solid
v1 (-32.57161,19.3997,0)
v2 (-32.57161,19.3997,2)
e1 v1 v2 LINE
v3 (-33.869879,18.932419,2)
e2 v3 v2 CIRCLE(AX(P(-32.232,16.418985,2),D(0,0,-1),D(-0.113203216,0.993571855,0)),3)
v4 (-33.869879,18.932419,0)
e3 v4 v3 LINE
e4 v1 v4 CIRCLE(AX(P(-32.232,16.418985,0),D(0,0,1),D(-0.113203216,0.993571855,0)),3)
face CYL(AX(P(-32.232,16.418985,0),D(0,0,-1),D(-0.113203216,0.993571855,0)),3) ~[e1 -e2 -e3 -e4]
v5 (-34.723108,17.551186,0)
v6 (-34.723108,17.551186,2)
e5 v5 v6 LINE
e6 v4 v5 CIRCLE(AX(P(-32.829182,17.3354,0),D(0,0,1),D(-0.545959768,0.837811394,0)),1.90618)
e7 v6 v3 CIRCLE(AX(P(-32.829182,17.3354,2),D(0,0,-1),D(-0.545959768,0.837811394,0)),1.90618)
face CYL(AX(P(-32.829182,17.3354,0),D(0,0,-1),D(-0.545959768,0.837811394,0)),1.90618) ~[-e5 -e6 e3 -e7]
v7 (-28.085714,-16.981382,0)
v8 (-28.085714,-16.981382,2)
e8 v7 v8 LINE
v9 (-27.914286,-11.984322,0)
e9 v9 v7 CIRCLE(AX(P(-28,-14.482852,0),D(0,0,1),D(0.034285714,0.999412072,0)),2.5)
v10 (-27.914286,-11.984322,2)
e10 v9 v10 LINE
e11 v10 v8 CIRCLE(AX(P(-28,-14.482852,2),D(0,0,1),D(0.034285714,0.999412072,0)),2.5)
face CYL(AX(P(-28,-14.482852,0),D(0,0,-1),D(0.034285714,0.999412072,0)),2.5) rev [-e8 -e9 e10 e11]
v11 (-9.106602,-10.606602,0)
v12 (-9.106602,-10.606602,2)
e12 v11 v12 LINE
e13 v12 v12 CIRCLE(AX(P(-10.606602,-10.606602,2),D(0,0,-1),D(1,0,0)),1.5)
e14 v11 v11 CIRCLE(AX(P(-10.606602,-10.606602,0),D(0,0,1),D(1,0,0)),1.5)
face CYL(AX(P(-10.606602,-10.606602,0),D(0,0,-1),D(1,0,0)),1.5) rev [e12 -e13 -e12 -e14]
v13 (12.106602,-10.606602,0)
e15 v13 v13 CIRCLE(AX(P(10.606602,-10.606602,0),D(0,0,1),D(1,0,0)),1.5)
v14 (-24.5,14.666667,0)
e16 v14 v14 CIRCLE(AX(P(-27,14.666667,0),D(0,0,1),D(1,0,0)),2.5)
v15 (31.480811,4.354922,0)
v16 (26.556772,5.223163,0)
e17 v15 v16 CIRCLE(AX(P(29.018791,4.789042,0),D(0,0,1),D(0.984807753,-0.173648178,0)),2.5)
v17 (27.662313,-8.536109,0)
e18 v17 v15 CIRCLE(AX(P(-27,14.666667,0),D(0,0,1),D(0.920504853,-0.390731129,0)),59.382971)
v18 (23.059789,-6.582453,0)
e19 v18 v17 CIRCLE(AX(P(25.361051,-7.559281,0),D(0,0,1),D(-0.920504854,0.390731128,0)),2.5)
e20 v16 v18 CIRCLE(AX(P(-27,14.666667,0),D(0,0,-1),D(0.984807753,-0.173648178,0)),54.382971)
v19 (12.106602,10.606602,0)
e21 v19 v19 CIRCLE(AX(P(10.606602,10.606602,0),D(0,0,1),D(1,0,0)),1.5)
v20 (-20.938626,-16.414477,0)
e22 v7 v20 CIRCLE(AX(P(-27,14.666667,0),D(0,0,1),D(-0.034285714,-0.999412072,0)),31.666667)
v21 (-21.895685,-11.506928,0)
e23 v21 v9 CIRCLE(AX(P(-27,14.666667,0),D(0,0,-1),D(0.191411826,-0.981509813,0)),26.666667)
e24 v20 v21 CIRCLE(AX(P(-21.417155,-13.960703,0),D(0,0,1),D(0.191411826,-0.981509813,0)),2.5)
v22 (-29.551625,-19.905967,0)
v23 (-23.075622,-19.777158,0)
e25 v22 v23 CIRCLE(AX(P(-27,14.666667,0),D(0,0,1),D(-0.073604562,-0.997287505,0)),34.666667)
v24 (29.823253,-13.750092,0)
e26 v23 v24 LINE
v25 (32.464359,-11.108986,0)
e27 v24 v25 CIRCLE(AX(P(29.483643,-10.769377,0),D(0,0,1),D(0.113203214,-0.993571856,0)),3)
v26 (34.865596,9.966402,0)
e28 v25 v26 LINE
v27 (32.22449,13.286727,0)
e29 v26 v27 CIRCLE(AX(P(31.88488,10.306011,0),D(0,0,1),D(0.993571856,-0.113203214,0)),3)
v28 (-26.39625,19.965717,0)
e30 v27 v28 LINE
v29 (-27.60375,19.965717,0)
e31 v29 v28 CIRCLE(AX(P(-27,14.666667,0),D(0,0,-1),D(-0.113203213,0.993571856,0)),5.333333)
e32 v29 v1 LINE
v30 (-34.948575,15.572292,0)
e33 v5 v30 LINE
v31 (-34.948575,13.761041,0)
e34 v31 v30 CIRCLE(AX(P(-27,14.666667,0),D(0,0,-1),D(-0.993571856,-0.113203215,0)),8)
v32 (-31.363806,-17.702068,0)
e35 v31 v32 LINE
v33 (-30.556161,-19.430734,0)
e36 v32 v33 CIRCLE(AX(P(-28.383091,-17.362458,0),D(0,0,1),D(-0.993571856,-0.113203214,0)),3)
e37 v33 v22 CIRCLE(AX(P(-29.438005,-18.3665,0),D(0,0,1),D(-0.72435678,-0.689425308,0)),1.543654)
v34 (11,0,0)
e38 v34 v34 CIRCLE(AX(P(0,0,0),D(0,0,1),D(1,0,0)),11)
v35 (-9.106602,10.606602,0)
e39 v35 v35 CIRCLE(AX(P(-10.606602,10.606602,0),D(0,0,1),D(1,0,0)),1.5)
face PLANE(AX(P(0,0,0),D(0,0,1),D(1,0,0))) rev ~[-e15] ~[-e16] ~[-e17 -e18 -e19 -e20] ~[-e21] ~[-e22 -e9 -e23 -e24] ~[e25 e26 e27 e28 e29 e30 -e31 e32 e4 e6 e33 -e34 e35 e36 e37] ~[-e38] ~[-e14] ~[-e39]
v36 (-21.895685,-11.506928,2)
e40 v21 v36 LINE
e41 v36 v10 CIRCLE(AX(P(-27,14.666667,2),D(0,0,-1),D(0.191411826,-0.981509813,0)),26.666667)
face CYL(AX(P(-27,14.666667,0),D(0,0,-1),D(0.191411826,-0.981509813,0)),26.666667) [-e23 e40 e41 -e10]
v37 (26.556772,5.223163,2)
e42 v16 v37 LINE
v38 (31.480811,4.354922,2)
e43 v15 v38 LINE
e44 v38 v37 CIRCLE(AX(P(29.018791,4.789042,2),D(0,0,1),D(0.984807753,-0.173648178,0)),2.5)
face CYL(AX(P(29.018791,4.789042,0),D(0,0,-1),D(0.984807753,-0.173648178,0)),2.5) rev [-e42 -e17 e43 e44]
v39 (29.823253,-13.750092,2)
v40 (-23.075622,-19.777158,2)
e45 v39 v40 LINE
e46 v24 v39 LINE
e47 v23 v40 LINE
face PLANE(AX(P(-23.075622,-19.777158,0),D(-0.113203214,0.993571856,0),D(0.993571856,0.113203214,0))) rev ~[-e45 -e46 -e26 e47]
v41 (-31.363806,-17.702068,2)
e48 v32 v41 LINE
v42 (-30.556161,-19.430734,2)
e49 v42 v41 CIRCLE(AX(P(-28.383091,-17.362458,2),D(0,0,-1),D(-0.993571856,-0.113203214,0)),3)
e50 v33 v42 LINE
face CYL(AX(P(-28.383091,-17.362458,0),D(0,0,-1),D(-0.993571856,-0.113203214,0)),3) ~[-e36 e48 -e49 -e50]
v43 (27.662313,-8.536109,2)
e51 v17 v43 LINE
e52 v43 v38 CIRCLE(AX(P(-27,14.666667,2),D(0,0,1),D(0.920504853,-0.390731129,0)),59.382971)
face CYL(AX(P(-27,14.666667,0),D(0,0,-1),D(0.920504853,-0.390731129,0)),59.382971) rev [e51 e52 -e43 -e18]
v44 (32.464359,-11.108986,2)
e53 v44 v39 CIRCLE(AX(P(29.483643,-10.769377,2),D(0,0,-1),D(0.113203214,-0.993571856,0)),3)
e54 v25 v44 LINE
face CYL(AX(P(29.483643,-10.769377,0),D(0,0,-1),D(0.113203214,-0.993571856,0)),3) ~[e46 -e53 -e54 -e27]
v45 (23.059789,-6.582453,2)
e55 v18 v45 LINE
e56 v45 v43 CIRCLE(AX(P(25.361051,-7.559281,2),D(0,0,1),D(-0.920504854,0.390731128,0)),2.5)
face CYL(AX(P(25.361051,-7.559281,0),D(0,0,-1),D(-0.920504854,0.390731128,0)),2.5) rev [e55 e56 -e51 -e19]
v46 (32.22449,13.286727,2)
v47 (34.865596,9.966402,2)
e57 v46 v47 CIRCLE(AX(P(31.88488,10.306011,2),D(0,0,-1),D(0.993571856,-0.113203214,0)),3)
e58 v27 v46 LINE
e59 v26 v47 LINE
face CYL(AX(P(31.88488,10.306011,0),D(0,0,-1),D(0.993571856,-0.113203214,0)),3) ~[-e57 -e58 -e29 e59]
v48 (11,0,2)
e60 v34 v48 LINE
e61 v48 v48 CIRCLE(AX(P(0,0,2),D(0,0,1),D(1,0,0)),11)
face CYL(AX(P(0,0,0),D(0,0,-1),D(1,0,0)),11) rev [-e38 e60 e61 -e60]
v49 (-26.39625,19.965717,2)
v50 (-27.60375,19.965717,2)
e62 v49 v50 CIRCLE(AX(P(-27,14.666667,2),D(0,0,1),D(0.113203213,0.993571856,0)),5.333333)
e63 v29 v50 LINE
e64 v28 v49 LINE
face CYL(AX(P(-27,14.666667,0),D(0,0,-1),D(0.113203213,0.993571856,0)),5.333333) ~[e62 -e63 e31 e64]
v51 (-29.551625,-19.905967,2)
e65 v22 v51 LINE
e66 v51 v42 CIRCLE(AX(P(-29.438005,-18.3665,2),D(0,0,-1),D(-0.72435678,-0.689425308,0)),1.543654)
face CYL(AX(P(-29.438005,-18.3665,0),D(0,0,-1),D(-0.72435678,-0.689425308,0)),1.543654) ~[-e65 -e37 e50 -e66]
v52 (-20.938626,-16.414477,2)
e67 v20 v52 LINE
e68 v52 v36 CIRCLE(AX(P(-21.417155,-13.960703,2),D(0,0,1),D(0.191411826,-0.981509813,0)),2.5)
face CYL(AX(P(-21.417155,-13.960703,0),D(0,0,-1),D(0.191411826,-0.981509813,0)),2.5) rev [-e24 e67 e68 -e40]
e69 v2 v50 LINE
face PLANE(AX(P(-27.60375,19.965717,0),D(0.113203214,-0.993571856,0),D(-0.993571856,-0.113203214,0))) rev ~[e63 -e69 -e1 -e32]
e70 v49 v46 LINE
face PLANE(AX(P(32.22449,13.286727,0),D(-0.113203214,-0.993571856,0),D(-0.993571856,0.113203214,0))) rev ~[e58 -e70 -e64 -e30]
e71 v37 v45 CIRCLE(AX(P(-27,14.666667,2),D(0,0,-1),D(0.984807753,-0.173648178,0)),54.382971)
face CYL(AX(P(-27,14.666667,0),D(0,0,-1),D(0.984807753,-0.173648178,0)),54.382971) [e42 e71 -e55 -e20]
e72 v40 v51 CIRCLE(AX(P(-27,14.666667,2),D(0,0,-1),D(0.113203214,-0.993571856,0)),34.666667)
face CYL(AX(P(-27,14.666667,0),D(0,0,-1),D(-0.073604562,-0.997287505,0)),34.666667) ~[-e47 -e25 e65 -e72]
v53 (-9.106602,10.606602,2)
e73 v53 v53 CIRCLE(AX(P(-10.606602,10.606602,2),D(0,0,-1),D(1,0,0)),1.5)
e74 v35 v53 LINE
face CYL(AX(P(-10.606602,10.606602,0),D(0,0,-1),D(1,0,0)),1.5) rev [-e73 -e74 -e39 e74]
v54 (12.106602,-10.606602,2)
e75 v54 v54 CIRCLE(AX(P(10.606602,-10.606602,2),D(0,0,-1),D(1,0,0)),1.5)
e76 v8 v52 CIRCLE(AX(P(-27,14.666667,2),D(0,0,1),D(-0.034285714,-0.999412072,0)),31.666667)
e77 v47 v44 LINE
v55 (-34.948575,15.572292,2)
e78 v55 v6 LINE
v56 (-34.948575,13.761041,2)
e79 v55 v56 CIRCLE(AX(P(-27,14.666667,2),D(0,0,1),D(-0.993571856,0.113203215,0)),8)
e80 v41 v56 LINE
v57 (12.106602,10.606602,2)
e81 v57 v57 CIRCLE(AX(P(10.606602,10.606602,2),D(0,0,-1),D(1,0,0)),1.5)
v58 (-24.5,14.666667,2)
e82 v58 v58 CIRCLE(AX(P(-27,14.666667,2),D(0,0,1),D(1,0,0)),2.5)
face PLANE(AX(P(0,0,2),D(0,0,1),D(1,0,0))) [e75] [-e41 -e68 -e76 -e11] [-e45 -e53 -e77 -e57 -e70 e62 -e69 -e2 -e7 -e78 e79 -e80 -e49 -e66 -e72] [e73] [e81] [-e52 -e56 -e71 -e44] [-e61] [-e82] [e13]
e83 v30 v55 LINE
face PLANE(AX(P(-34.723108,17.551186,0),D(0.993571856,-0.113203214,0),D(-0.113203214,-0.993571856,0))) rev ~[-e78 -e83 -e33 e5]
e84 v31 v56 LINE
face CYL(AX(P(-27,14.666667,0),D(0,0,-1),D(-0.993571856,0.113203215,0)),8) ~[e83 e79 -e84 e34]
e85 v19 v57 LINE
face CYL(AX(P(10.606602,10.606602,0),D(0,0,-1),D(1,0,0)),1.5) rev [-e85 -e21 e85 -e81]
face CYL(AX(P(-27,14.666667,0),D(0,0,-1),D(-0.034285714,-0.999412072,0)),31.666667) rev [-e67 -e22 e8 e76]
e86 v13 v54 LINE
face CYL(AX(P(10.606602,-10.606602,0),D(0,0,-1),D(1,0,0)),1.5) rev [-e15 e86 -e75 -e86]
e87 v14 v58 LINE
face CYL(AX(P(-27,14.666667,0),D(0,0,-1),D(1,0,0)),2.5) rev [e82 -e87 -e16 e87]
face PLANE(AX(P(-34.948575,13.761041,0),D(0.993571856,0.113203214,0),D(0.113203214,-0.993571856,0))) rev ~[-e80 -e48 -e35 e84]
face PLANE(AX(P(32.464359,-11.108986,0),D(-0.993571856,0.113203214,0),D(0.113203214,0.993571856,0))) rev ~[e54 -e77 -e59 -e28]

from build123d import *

# Parameters (mm, degrees)
SZKIC1_R                    = 11
SZKIC1_R_2                  = 2.5
DODANIE_WYCI_GNI_CIE1_DEPTH = 2
SZKIC2_R                    = 1.5
WYTNIJ_WYCI_GNI_CIE2_DEPTH  = 3
SZKIC3_OUTSIDE_W            = 88.13
SZKIC3_OUTSIDE_H            = 58.13
WYTNIJ_WYCI_GNI_CIE3_DEPTH  = 3


with BuildPart() as part:
    # Szkic1 → Dodanie-wyciągnięcie1 (new body)
    with BuildSketch(Plane.XY):
        with BuildLine():
            Line((-32, -20), (32, -20))
            ThreePointArc((32, -20), (34.121320344, -19.121320344), (35, -17))
            Line((35, -17), (35, 17))
            ThreePointArc((35, 17), (34.121320344, 19.121320344), (32, 20))
            Line((32, 20), (-32, 20))
            ThreePointArc((-32, 20), (-34.121320344, 19.121320344), (-35, 17))
            Line((-35, 17), (-35, -17))
            ThreePointArc((-35, -17), (-34.121320344, -19.121320344), (-32, -20))
        make_face()
        Circle(SZKIC1_R, mode=Mode.SUBTRACT)
        with Locations((-27, 14.666666667)):
            Circle(SZKIC1_R_2, mode=Mode.SUBTRACT)
        with BuildLine():
            ThreePointArc((27.662313373, -8.536108756), (29.93756488, -2.199008421), (31.480810618, 4.354921901))
            ThreePointArc((31.480810618, 4.354921901), (29.452911679, 7.251061728), (26.556771853, 5.223162789))
            ThreePointArc((26.556771853, 5.223162789), (25.143466206, -0.778931698), (23.059789106, -6.582453114))
            ThreePointArc((23.059789106, -6.582453114), (24.384223418, -9.860543068), (27.662313373, -8.536108756))
        make_face(mode=Mode.SUBTRACT)
        with BuildLine():
            ThreePointArc((-28.085714286, -16.981382282), (-24.496074307, -16.900850402), (-20.93862552, -16.414477411))
            ThreePointArc((-20.93862552, -16.414477411), (-18.963380552, -13.482173315), (-21.895684648, -11.506928346))
            ThreePointArc((-21.895684648, -11.506928346), (-24.891430995, -11.916505602), (-27.914285714, -11.984321922))
            ThreePointArc((-27.914285714, -11.984321922), (-30.49853018, -14.397137816), (-28.085714286, -16.981382282))
        make_face(mode=Mode.SUBTRACT)
    extrude(amount=DODANIE_WYCI_GNI_CIE1_DEPTH)

    # Szkic2 → Wytnij-wyciągnięcie2 (cut, through all)
    with BuildSketch(Plane.XY):
        with Locations((-10.606601718, 10.606601718)):
            Circle(SZKIC2_R)
        with Locations((10.606601718, 10.606601718)):
            Circle(SZKIC2_R)
        with Locations((10.606601718, -10.606601718)):
            Circle(SZKIC2_R)
        with Locations((-10.606601718, -10.606601718)):
            Circle(SZKIC2_R)
    extrude(amount=WYTNIJ_WYCI_GNI_CIE2_DEPTH, mode=Mode.SUBTRACT)

    # Szkic3 outside → Wytnij-wyciągnięcie3 (cut, through all)
    with BuildSketch(Plane.XY):
        Rectangle(SZKIC3_OUTSIDE_W, SZKIC3_OUTSIDE_H)
        with BuildLine():
            Line((32.464358731, -11.108986267), (34.865595884, 9.966401743))
            ThreePointArc((34.865595884, 9.966401743), (34.232704788, 12.173555294), (32.224489958, 13.286726951))
            Line((32.224489958, 13.286726951), (-26.396249527, 19.965716564))
            ThreePointArc((-26.396249527, 19.965716564), (-27, 20), (-27.603750473, 19.965716564))
            Line((-27.603750473, 19.965716564), (-32.571609752, 19.399700495))
            ThreePointArc((-32.571609752, 19.399700495), (-33.247974324, 19.241713465), (-33.869879413, 18.932419111))
            ThreePointArc((-33.869879413, 18.932419111), (-34.450895793, 18.337181113), (-34.723108417, 17.551185823))
            Line((-34.723108417, 17.551185823), (-34.948574845, 15.572292377))
            ThreePointArc((-34.948574845, 15.572292377), (-35, 14.666666667), (-34.948574845, 13.761040957))
            Line((-34.948574845, 13.761040957), (-31.363806409, -17.702067807))
            ThreePointArc((-31.363806409, -17.702067807), (-31.101077058, -18.632320729), (-30.556161181, -19.430734091))
            ThreePointArc((-30.556161181, -19.430734091), (-30.098141008, -19.761880936), (-29.551624806, -19.905966855))
            ThreePointArc((-29.551624806, -19.905966855), (-26.310608357, -19.993144599), (-23.075621923, -19.777157663))
            Line((-23.075621923, -19.777157663), (29.823252805, -13.750092193))
            ThreePointArc((29.823252805, -13.750092193), (31.604963507, -12.890696969), (32.464358731, -11.108986267))
        make_face(mode=Mode.SUBTRACT)
    extrude(amount=WYTNIJ_WYCI_GNI_CIE3_DEPTH, mode=Mode.SUBTRACT)


solid = part.part
